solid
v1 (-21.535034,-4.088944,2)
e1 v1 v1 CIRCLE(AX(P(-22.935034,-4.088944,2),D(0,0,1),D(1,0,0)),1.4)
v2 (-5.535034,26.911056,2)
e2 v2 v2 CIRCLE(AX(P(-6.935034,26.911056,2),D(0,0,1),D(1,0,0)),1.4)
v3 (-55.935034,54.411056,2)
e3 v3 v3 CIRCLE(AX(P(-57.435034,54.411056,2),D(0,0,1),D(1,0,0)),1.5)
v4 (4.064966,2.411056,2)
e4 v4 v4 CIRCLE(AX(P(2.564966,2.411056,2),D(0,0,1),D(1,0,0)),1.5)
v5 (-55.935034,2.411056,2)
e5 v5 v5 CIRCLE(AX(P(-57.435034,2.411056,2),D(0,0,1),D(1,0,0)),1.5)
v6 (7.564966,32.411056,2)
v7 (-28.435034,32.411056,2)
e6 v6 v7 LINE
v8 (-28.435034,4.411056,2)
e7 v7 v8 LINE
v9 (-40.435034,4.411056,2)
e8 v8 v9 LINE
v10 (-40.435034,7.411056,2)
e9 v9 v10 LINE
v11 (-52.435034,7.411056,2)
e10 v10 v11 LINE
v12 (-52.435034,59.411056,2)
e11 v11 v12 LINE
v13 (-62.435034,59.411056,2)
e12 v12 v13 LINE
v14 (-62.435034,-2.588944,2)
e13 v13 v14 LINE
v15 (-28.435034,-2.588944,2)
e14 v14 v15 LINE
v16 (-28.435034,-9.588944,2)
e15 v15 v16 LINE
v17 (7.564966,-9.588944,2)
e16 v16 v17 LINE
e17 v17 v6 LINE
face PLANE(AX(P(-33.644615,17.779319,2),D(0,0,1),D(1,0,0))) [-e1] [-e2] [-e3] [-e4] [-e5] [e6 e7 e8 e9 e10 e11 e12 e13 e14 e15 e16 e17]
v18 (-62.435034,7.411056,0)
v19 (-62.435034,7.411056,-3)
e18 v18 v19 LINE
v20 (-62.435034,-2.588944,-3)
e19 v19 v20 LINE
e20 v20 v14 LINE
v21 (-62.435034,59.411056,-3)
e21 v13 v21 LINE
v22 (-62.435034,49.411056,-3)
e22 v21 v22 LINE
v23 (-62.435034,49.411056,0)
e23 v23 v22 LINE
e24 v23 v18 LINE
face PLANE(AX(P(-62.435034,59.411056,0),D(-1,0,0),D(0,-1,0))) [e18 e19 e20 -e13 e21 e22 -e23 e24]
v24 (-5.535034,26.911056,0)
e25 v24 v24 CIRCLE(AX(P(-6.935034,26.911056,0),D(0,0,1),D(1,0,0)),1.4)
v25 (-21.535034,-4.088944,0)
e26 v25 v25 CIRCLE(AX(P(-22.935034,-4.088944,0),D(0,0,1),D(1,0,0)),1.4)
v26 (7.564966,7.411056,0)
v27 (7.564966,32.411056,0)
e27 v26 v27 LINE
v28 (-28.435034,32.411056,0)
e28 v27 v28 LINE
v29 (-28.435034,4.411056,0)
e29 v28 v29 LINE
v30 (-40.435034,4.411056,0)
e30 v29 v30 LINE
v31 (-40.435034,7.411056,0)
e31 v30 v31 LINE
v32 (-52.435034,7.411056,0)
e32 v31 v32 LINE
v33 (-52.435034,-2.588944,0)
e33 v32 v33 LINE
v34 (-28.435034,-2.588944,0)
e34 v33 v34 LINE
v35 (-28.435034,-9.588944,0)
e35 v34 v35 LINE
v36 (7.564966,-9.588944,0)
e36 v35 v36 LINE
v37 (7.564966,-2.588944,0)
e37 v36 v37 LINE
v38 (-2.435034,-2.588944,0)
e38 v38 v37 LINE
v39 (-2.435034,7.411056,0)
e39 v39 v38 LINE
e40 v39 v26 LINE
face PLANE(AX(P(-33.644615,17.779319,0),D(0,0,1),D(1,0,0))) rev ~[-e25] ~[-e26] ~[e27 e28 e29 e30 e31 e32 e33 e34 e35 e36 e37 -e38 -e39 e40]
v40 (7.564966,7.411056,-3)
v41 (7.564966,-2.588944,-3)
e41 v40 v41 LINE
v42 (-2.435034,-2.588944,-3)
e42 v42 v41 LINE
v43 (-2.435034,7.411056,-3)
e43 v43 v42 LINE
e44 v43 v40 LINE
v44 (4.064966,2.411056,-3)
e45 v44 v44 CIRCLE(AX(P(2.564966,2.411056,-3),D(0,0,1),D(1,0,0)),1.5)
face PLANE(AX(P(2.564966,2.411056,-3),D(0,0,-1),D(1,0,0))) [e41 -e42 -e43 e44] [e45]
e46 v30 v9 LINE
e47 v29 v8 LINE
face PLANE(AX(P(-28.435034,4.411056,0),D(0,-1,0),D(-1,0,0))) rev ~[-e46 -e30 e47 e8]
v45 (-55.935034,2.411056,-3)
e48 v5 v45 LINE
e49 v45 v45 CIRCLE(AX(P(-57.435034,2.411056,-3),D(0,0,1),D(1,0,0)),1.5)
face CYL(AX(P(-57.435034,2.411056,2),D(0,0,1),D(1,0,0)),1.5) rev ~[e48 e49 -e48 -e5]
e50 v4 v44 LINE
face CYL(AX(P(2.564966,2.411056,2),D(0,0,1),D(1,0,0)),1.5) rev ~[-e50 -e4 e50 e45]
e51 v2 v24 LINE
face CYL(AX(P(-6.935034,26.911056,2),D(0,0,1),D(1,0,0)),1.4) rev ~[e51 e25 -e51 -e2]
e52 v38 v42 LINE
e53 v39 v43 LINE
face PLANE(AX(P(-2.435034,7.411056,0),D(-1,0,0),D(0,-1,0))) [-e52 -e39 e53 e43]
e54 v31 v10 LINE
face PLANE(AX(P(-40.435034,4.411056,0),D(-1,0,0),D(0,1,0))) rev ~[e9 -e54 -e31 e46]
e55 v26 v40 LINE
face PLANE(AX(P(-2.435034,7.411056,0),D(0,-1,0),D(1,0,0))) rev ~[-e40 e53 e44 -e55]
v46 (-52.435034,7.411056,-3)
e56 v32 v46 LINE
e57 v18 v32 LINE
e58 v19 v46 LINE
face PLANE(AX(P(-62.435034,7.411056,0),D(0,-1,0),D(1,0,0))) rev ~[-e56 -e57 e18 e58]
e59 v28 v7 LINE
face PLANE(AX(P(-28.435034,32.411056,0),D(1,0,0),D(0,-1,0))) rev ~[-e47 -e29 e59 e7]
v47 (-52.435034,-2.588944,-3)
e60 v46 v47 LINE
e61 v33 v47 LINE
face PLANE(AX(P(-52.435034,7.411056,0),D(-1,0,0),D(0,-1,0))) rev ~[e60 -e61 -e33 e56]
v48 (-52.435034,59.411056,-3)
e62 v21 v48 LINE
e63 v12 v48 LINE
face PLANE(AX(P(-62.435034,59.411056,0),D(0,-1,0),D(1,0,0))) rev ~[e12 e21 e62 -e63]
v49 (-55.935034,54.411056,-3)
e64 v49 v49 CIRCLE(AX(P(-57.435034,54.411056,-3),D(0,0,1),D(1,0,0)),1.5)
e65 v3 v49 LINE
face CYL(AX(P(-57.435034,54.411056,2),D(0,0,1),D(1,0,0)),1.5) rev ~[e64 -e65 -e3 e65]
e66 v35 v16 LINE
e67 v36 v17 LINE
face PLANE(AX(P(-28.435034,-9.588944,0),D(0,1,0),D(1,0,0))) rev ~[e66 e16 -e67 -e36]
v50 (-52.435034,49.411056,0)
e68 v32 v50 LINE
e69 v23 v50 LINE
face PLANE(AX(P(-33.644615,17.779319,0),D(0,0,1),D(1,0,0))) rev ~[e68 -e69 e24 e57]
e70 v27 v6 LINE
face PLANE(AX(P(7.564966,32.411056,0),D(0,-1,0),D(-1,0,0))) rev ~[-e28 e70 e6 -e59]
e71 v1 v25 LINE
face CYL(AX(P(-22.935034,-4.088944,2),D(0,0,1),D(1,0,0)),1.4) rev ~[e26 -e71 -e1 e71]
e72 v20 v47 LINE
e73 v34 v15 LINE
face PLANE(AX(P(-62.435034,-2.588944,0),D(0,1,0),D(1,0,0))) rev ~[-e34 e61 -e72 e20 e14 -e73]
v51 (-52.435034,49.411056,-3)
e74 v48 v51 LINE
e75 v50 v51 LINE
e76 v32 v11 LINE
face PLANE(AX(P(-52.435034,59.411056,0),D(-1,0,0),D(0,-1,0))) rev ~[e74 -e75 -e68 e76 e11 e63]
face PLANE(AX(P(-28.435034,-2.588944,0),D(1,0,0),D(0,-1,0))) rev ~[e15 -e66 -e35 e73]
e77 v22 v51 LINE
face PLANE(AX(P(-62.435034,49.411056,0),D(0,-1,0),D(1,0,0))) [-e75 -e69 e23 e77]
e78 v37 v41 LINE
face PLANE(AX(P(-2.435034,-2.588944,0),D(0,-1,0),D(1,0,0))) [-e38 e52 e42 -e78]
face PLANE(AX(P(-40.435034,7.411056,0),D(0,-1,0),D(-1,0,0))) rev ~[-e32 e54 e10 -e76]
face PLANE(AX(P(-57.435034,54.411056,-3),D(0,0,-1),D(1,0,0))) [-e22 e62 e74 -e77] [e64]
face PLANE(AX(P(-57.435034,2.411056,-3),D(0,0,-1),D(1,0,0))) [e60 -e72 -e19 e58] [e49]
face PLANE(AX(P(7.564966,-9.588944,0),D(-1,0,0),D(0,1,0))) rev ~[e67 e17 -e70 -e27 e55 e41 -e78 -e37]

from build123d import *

# Parameters (mm, degrees)
F1_DEPTH = 2
F2_W     = 10
F2_H     = 10
F3_DEPTH = 3
F4_R     = 1.5
F4_R_2   = 1.4
F5_DEPTH = 5


with BuildPart() as f1:
    # F0 (on Top) → F1 (new body)
    with BuildSketch(Plane.XY):
        Polygon((-52.435034, 59.411056), (-62.435034, 59.411056), (-62.435034, -2.588944), (-28.435034, -2.588944), (-28.435034, -9.588944), (7.564966, -9.588944), (7.564966, 32.411056), (-28.435034, 32.411056), (-28.435034, 4.411056), (-40.435034, 4.411056), (-40.435034, 7.411056), (-52.435034, 7.411056), align=None)
    extrude(amount=F1_DEPTH)

    # F2 (on face) → F3 (join)
    with BuildSketch(Plane(origin=(0, 0, 0), x_dir=(1, 0, 0), z_dir=(0, 0, -1))):
        with Locations((-57.435034, -54.411056)):
            Rectangle(F2_W, F2_H)
        with Locations((-57.435034, -2.411056)):
            Rectangle(F2_W, F2_H)
        with Locations((2.564966, -2.411056)):
            Rectangle(F2_W, F2_H)
    extrude(amount=F3_DEPTH)

    # F4 (on face) → F5 (cut)
    with BuildSketch(Plane.XY.offset(2)):
        with Locations((-57.435034, 54.411056)):
            Circle(F4_R)
        with Locations((-57.435034, 2.411056)):
            Circle(F4_R)
        with Locations((2.564966, 2.411056)):
            Circle(F4_R)
        with Locations((-6.935034, 26.911056)):
            Circle(F4_R_2)
        with Locations((-22.935034, -4.088944)):
            Circle(F4_R_2)
    extrude(amount=-F5_DEPTH, mode=Mode.SUBTRACT)


solid = f1.part
